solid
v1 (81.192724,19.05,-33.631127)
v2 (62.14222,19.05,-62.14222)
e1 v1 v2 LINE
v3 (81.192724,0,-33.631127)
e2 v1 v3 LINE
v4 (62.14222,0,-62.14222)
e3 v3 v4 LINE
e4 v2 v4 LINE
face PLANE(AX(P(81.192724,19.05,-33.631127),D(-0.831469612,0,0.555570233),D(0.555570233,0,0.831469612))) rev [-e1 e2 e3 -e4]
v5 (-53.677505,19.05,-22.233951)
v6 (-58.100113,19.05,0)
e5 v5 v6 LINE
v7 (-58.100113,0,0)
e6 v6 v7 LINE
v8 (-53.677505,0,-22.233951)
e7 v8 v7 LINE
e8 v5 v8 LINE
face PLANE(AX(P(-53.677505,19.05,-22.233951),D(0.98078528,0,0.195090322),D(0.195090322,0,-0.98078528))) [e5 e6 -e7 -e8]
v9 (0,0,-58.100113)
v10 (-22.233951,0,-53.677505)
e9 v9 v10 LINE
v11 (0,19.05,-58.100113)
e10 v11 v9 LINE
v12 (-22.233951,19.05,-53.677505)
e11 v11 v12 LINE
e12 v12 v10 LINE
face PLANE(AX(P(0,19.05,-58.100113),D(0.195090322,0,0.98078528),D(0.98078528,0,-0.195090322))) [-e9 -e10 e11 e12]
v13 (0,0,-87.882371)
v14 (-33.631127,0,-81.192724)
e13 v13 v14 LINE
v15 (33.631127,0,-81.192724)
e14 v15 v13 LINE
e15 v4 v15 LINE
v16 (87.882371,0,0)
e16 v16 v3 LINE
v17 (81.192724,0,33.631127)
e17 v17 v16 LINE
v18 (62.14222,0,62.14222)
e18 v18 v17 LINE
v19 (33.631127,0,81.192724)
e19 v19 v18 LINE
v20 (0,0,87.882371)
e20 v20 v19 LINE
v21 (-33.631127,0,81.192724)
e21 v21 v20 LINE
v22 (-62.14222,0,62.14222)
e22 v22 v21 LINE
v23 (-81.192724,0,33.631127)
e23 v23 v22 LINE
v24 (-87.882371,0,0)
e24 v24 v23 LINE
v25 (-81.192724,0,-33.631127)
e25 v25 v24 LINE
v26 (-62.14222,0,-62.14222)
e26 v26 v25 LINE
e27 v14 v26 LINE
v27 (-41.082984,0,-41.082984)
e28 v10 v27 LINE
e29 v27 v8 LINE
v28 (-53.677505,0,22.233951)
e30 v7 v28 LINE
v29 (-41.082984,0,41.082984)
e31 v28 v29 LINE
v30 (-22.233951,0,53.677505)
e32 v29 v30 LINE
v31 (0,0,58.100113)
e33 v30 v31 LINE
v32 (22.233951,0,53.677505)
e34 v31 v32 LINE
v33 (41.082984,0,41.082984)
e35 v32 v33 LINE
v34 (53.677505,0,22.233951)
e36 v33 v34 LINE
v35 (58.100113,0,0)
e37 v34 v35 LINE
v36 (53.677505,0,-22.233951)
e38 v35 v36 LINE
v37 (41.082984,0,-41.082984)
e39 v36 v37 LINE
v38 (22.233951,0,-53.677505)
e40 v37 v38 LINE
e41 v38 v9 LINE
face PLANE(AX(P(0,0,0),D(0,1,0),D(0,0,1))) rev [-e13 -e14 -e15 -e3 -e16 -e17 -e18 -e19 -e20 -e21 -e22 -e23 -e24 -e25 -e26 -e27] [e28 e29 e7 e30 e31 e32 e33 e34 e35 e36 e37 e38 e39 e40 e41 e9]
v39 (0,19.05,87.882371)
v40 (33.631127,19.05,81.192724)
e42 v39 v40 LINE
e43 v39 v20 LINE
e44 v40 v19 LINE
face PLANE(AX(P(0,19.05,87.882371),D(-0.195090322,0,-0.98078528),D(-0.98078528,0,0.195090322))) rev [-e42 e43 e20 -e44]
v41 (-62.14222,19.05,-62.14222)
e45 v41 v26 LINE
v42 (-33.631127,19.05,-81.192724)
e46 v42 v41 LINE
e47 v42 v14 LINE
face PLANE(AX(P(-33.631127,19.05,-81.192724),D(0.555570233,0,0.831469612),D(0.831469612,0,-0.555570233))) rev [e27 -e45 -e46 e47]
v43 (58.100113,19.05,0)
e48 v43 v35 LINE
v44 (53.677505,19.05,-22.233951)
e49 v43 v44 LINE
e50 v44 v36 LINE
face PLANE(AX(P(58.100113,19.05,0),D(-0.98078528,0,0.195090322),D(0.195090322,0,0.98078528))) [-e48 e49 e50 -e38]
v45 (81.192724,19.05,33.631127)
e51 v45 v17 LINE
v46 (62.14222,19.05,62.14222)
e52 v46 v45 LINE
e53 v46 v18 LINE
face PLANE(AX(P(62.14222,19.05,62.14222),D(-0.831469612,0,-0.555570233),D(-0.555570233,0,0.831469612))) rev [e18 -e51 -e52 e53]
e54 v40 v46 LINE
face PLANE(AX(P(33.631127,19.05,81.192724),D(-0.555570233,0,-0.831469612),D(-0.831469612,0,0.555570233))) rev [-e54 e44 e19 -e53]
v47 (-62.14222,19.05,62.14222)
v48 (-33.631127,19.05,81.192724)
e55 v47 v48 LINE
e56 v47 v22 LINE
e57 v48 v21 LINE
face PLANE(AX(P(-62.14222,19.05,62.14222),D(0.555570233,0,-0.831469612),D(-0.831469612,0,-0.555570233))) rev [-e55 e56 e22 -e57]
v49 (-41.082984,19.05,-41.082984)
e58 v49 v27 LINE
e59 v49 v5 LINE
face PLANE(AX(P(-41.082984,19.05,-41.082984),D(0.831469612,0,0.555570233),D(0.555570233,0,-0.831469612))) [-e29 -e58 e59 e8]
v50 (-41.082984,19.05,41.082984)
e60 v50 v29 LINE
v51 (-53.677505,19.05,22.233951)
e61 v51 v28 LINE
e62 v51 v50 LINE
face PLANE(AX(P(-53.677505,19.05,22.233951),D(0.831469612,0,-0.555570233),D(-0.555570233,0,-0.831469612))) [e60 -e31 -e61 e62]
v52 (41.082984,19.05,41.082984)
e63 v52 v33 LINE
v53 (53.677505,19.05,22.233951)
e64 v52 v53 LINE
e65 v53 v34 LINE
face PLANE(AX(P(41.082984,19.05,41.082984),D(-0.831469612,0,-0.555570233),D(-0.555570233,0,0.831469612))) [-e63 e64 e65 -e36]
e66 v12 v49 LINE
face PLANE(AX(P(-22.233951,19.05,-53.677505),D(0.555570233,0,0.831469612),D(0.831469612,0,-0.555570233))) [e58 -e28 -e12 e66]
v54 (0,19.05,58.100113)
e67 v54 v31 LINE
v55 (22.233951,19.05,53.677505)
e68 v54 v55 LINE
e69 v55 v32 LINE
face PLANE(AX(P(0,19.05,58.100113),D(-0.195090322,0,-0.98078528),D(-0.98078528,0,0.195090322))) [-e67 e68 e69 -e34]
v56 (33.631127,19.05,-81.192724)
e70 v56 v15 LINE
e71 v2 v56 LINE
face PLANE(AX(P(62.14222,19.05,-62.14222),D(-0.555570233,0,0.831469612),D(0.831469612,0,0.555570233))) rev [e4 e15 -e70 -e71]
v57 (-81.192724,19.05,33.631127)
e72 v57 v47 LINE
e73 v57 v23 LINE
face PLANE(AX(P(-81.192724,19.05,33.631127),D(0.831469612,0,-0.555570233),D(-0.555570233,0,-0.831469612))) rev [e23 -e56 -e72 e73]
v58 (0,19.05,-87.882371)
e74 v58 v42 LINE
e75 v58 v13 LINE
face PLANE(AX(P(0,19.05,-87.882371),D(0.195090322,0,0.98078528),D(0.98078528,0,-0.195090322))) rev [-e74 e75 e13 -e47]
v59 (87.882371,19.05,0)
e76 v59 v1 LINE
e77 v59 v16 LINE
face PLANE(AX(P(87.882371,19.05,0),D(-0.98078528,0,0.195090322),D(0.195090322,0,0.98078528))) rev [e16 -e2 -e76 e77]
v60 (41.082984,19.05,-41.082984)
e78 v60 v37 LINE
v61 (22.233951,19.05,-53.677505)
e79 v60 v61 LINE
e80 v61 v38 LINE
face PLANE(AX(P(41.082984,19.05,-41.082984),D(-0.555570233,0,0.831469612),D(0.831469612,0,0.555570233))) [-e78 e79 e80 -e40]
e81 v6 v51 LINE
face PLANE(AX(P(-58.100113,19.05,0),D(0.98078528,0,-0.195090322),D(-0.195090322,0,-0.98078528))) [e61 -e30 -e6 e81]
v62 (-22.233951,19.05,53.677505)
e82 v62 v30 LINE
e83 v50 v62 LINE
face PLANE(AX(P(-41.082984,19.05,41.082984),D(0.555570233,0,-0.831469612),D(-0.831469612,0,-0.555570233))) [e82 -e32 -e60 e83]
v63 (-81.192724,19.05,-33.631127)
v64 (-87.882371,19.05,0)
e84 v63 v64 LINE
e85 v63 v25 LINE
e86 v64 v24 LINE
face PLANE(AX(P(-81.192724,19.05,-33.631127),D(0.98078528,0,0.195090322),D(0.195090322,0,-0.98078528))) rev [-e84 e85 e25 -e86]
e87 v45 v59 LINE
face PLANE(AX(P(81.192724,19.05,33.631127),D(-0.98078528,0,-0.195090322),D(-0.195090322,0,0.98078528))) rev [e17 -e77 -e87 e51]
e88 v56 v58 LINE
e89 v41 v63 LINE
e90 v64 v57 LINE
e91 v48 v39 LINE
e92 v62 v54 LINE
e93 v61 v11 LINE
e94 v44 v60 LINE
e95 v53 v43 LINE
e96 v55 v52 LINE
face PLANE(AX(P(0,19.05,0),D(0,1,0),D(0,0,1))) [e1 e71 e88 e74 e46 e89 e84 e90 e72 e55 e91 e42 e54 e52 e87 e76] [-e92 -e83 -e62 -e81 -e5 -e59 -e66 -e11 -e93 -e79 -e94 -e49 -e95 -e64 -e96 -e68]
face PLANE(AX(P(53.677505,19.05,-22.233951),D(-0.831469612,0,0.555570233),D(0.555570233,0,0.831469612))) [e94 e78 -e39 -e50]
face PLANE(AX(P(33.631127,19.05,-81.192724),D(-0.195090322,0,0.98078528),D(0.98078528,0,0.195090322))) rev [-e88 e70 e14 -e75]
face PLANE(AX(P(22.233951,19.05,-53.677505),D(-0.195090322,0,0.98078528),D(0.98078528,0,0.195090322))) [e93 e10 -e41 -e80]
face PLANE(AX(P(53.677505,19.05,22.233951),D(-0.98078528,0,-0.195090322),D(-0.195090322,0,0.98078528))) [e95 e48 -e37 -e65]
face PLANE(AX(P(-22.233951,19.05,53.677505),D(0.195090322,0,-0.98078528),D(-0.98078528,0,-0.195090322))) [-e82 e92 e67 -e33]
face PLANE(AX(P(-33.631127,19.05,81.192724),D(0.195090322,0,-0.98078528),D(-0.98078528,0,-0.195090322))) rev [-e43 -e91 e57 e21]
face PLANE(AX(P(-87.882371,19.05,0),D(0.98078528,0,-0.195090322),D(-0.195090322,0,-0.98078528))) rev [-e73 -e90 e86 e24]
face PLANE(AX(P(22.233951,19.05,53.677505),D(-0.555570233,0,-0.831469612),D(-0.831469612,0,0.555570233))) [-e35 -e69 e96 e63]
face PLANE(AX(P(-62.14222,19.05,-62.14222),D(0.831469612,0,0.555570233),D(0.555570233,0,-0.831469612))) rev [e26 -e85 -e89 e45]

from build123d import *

# Parameters (mm, degrees)
BOSS_EXTRUDE1_DEPTH = 19.05


with BuildPart() as part:
    # Sketch1 → Boss-Extrude1 (new body)
    with BuildSketch(Plane(origin=(0, 0, 0), x_dir=(1, 0, 0), z_dir=(0, 1, 0))):
        Polygon((87.882370703, 0), (81.192723561, 33.631127265), (62.142220271, 62.142220271), (33.631127265, 81.192723561), (0, 87.882370703), (-33.631127265, 81.192723561), (-62.142220271, 62.142220271), (-81.192723561, 33.631127265), (-87.882370703, 0), (-81.192723561, -33.631127265), (-62.142220271, -62.142220271), (-33.631127265, -81.192723561), (0, -87.882370703), (33.631127265, -81.192723561), (62.142220271, -62.142220271), (81.192723561, -33.631127265), align=None)
        Polygon((58.100112972, 0), (53.677505211, 22.233950653), (41.08298387, 41.08298387), (22.233950653, 53.677505211), (0, 58.100112972), (-22.233950653, 53.677505211), (-41.08298387, 41.08298387), (-53.677505211, 22.233950653), (-58.100112972, 0), (-53.677505211, -22.233950653), (-41.08298387, -41.08298387), (-22.233950653, -53.677505211), (0, -58.100112972), (22.233950653, -53.677505211), (41.08298387, -41.08298387), (53.677505211, -22.233950653), align=None, mode=Mode.SUBTRACT)
    extrude(amount=BOSS_EXTRUDE1_DEPTH)


solid = part.part
